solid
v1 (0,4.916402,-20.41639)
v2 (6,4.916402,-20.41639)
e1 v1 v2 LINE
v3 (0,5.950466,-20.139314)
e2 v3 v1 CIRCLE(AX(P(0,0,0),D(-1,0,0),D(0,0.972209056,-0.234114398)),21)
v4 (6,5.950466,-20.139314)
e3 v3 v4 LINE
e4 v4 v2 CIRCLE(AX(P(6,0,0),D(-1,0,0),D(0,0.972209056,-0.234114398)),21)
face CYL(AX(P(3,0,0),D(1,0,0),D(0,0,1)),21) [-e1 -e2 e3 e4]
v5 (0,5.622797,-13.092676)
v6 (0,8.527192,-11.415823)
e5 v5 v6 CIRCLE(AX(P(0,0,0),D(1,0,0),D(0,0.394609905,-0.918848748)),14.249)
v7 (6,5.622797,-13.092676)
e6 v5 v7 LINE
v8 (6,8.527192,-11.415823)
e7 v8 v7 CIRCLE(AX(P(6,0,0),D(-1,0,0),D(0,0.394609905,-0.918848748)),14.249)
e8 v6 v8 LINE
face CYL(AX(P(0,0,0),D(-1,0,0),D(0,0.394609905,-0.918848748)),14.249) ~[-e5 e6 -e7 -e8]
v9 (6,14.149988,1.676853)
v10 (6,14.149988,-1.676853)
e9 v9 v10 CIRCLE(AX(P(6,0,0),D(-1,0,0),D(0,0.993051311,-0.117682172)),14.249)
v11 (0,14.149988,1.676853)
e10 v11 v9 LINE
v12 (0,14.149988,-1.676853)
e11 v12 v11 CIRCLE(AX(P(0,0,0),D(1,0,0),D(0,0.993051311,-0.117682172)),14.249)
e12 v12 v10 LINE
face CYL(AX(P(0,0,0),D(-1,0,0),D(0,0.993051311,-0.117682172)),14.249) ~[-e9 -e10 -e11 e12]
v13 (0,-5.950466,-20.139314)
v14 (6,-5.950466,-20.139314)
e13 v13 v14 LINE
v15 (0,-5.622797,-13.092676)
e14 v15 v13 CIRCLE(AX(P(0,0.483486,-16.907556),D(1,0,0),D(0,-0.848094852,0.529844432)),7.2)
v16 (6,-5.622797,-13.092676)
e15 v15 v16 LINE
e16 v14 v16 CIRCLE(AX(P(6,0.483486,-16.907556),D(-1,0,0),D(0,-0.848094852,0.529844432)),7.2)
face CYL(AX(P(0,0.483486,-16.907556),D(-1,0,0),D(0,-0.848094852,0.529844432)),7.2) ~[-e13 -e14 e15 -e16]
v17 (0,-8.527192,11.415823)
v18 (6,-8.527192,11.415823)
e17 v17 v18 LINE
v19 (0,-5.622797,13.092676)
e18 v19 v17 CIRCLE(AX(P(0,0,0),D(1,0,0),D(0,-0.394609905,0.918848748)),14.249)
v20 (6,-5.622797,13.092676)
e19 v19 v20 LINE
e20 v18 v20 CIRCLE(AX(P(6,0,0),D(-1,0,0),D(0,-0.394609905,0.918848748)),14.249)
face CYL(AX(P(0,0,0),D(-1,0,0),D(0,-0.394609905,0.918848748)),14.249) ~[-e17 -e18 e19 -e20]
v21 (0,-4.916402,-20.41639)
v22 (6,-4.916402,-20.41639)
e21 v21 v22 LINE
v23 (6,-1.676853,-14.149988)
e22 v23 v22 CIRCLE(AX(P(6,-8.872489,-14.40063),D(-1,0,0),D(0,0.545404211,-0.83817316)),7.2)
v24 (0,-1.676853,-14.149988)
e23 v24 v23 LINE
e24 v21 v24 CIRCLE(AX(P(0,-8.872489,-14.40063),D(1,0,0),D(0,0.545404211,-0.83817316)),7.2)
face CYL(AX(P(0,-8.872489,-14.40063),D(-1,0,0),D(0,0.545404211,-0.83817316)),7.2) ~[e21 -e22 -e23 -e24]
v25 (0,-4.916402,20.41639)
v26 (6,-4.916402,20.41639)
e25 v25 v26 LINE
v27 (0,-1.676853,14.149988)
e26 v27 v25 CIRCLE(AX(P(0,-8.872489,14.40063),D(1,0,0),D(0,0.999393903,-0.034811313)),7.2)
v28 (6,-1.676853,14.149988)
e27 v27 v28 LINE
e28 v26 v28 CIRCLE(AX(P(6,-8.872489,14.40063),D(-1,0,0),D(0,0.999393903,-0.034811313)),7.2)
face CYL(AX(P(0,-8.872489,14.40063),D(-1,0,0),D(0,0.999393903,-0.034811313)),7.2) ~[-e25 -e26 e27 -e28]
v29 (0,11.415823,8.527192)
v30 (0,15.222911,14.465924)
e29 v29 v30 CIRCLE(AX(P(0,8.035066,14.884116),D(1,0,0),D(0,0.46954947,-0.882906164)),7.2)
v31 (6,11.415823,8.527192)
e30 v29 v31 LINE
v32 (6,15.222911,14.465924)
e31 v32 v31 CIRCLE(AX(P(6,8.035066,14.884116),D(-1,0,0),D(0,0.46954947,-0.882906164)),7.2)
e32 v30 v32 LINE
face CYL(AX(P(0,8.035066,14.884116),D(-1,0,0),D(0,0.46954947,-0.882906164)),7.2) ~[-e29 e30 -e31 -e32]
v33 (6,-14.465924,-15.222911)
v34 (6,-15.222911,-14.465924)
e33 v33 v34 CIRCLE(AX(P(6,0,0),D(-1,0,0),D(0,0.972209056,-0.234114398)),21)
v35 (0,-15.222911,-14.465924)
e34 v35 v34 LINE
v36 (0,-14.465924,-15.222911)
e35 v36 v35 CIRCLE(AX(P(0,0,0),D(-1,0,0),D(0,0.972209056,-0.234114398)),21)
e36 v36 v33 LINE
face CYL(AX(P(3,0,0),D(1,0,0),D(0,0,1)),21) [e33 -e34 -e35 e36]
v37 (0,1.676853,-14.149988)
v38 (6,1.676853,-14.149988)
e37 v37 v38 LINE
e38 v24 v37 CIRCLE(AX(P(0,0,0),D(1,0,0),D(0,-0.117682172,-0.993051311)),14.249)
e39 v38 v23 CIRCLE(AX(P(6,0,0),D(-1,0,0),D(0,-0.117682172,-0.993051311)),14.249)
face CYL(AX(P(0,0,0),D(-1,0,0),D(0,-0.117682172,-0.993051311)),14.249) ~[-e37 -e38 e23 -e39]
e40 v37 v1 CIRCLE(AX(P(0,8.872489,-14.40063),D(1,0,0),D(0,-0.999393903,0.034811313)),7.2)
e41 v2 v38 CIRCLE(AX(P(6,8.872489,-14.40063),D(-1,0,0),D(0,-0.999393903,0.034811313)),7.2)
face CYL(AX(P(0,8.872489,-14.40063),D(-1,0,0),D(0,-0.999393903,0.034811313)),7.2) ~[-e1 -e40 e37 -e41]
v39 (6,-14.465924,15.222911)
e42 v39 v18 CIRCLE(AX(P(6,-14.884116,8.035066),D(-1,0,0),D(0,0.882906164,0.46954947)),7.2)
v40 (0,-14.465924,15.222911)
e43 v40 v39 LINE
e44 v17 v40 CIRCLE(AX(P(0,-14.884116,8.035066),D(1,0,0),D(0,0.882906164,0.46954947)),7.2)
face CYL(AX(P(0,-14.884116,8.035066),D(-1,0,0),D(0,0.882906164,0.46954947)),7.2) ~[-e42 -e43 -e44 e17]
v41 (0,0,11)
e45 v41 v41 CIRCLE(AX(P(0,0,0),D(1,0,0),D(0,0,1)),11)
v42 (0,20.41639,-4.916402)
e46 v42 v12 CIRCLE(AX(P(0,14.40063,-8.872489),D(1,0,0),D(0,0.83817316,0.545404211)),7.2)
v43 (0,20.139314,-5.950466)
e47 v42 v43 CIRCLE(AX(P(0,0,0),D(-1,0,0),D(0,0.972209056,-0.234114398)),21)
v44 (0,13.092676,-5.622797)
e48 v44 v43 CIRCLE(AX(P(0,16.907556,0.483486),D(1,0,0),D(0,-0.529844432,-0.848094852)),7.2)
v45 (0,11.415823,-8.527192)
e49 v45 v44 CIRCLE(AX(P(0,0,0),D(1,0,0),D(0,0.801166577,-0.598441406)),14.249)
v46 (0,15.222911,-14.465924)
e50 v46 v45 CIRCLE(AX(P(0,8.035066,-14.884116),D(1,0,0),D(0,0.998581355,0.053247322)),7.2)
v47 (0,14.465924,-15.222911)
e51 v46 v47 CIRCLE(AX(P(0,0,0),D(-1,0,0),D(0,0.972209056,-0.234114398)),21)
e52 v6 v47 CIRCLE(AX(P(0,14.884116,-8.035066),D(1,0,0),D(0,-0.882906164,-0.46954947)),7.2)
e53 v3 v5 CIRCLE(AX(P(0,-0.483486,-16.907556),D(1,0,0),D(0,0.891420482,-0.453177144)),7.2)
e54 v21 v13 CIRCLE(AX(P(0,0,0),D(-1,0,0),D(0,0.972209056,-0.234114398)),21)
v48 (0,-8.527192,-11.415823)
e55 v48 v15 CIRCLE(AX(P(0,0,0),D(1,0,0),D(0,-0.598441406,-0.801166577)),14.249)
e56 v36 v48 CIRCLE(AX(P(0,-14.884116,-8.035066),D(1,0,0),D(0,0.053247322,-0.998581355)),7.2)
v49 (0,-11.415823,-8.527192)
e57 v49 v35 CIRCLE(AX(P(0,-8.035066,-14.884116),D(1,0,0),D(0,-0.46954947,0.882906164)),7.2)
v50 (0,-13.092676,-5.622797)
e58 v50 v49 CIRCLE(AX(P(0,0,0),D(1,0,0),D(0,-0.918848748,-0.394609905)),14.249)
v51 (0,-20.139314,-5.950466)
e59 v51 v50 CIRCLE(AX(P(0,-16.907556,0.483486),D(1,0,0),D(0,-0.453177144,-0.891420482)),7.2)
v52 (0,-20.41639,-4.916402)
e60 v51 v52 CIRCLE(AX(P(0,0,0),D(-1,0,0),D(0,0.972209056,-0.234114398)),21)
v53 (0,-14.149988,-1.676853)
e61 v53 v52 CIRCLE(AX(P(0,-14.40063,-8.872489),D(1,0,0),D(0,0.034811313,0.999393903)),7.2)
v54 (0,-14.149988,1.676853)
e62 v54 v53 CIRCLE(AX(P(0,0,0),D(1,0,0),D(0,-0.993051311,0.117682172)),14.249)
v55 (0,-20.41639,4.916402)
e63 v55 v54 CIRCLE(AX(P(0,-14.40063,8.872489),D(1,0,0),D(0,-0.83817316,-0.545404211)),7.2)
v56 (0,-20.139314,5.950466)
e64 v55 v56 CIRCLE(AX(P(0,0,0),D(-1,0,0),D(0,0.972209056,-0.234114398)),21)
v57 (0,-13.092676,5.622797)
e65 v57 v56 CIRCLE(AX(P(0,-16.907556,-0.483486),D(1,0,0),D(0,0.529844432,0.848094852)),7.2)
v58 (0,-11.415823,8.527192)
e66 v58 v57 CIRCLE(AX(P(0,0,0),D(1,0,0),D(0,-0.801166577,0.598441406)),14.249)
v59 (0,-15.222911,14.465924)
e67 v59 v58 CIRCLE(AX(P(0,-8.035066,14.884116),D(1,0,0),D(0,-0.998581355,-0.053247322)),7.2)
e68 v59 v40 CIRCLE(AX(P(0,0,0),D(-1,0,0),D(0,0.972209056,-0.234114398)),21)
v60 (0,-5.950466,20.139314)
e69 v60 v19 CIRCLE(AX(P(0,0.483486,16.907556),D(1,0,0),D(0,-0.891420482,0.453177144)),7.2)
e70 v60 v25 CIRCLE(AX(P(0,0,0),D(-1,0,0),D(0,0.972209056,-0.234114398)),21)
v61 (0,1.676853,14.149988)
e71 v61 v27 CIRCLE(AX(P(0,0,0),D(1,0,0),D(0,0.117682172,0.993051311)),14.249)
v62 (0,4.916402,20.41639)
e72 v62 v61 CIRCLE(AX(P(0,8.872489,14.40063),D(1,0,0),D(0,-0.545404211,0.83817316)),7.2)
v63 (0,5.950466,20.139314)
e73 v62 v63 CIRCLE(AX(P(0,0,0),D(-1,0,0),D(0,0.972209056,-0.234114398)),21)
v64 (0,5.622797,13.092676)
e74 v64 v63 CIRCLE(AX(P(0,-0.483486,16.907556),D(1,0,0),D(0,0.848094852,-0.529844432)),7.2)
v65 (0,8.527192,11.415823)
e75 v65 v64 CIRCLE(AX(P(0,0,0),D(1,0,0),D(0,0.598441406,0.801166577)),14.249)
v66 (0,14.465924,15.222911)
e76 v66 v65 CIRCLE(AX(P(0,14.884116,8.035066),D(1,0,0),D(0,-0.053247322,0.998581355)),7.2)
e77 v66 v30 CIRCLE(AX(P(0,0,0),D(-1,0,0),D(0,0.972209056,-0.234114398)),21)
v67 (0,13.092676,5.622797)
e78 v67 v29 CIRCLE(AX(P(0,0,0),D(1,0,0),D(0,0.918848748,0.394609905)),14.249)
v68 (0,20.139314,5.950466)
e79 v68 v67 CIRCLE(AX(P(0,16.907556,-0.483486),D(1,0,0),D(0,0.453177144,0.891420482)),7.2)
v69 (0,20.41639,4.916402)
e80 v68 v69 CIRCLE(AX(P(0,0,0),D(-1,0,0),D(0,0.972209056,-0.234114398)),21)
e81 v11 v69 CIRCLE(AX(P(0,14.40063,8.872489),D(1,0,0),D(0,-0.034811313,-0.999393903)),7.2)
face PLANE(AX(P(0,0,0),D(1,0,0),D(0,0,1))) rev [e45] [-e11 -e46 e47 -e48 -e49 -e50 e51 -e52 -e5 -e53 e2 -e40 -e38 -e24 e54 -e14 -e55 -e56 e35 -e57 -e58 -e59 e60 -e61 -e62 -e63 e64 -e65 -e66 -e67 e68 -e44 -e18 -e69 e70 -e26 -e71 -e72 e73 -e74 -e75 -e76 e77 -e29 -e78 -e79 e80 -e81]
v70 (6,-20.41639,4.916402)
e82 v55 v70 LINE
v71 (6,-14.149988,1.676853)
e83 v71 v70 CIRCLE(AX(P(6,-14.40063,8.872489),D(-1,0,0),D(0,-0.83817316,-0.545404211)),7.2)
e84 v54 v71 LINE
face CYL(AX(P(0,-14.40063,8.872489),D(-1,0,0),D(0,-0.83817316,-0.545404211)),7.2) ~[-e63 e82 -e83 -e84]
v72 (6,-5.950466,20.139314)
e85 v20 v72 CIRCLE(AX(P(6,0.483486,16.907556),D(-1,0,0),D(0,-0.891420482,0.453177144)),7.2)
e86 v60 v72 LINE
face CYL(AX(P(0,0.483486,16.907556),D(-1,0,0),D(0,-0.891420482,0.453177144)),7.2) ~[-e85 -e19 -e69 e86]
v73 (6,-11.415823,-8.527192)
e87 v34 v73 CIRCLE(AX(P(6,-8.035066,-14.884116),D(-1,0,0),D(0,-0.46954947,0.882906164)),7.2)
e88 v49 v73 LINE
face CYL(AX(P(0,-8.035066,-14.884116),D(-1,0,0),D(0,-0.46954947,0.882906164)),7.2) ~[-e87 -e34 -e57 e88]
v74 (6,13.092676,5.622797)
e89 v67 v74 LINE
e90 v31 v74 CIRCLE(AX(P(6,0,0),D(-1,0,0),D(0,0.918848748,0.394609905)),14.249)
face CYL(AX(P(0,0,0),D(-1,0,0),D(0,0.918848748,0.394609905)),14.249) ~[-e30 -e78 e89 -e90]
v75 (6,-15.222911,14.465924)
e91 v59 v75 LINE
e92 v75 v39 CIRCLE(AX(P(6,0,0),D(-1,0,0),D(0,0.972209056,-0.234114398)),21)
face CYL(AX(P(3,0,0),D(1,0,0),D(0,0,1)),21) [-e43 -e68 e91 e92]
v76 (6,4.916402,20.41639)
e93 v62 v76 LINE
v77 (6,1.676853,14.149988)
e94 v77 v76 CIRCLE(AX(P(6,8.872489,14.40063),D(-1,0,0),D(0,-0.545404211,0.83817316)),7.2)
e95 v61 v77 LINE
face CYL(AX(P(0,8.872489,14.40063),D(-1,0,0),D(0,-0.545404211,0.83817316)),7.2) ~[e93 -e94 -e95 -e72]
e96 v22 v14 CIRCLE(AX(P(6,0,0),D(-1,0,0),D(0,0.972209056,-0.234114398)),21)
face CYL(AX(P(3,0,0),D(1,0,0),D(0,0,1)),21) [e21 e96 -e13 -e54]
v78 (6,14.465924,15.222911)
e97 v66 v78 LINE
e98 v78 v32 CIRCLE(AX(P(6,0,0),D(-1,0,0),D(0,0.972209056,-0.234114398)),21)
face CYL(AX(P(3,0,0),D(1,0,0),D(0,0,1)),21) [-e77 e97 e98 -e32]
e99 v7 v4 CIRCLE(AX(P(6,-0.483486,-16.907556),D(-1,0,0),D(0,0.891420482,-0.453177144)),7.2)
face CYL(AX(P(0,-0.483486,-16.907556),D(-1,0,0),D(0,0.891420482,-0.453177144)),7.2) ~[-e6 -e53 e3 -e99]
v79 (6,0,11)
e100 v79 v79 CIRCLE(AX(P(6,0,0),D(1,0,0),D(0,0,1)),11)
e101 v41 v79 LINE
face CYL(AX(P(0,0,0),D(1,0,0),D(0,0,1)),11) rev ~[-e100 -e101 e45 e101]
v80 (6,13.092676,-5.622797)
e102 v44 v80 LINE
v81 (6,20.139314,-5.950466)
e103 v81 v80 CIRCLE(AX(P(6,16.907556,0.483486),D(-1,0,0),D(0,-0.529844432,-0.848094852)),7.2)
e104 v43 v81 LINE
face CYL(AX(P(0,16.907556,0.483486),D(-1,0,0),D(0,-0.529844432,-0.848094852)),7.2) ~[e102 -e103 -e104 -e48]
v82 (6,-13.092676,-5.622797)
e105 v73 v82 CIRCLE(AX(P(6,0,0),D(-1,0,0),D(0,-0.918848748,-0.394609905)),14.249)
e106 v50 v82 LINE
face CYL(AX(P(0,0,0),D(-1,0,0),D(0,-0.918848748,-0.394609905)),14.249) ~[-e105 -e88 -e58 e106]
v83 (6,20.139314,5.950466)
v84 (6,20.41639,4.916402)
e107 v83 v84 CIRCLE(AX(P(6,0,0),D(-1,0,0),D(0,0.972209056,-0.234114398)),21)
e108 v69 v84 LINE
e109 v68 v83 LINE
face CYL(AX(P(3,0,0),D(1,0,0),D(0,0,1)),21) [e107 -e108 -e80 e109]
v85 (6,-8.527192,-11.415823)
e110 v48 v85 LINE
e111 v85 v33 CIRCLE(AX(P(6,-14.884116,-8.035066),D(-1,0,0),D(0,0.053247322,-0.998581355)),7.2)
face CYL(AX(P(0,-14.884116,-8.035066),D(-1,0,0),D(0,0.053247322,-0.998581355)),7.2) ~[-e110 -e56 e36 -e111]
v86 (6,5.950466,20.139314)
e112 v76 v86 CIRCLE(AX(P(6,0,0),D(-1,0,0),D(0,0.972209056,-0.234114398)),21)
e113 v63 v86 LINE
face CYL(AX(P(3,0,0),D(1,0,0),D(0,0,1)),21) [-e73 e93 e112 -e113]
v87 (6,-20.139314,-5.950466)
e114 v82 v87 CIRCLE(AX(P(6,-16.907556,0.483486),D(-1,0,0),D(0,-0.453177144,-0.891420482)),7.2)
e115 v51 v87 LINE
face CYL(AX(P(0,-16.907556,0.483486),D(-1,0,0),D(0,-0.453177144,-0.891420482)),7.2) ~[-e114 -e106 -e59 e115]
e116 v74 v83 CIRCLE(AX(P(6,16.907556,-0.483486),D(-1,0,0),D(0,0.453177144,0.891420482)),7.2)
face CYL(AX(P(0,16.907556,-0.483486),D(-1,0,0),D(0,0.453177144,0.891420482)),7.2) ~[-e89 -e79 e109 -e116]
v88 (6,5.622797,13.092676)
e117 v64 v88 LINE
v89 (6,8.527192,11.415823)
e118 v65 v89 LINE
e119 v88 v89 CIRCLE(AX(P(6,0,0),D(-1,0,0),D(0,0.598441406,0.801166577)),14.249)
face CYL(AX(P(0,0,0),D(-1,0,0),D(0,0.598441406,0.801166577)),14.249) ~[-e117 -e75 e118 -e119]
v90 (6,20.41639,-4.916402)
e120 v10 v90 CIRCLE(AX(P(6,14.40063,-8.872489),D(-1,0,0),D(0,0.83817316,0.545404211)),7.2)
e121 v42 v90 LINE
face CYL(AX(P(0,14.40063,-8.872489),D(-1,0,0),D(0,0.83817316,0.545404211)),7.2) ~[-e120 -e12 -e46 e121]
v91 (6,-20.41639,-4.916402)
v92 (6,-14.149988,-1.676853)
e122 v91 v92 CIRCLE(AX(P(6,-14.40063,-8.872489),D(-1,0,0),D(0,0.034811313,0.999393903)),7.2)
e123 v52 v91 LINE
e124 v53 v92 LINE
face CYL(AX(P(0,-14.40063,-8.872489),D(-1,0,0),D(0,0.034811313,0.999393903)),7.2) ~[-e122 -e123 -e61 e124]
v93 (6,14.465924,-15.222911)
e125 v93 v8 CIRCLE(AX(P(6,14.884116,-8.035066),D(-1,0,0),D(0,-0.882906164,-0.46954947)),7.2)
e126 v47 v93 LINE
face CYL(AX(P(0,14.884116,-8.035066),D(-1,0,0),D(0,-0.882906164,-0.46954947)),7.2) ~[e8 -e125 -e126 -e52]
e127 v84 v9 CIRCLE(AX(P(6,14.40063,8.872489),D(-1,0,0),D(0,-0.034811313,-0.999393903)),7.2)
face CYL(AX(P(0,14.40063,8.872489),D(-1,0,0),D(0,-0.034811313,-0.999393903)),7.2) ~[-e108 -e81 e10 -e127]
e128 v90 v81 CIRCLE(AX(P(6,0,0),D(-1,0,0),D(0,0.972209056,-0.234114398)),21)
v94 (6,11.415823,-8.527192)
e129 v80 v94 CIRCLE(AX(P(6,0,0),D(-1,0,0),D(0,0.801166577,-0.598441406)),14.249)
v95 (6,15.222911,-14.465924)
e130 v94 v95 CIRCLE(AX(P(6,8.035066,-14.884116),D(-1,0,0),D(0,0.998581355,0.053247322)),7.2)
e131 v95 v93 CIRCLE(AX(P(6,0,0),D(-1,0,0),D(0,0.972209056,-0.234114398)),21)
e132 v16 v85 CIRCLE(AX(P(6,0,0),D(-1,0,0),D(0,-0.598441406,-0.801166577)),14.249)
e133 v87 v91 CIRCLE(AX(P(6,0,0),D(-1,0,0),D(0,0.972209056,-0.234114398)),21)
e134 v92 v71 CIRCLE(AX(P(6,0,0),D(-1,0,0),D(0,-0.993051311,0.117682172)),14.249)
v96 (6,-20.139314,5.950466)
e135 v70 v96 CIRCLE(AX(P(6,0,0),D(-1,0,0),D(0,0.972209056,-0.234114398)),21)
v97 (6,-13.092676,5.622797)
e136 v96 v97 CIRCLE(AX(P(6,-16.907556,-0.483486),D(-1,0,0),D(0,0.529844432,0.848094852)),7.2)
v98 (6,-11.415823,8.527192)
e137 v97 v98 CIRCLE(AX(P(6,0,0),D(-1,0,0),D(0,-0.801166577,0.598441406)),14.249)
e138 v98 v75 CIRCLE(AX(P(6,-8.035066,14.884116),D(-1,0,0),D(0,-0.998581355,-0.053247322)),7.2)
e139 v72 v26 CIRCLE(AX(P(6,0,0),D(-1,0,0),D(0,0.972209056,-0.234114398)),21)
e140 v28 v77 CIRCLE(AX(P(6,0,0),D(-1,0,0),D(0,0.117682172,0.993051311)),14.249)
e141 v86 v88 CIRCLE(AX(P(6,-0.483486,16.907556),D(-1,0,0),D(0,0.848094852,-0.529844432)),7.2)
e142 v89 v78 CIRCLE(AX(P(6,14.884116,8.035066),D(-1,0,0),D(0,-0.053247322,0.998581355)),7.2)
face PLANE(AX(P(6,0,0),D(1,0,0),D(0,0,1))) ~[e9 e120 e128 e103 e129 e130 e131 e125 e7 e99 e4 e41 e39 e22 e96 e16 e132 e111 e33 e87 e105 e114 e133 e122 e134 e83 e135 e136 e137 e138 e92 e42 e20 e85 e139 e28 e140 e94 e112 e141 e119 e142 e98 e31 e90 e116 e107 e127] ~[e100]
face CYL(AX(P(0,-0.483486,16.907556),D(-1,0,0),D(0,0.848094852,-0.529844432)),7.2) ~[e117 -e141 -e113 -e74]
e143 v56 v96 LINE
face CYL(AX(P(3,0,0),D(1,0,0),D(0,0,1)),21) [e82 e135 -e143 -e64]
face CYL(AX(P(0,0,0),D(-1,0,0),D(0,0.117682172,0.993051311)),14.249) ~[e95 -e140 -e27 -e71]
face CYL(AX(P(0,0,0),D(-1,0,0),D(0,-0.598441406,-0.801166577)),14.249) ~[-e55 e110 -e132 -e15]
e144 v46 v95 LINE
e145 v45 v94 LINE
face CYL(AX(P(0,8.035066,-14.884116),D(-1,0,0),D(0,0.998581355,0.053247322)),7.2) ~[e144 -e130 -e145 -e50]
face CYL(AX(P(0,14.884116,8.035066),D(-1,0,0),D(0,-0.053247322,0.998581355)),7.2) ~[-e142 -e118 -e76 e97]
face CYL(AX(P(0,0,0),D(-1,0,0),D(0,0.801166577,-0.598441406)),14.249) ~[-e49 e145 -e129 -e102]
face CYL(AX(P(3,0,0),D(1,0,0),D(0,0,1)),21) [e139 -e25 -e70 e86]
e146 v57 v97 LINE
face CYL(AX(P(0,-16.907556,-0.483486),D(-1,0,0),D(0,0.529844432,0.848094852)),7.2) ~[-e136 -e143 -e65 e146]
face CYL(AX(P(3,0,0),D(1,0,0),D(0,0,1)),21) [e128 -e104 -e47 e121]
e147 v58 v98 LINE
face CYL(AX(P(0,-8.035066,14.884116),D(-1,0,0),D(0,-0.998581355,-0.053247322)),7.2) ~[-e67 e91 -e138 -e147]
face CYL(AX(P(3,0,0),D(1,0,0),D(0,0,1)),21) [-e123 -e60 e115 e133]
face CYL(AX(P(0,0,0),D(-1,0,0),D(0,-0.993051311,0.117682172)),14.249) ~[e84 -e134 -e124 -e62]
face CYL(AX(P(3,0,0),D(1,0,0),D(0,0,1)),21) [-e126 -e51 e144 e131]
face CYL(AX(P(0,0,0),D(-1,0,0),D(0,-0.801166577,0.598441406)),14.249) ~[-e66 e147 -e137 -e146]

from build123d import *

# Parameters (mm, degrees)
BASPROSKE_W     = 6
BASPROSKE_H     = 21
TOOTHCUT_DEPTH  = 31.298514815
TEETHCUTS_COUNT = 12
TEETHCUTS_ANGLE = 330
BORSKE_R        = 11
BORE_DEPTH      = 50.0000508


with BuildPart() as part:
    # BasProSke → Base-Revolve (revolve)
    with BuildSketch(Plane(origin=(0, 0, 0), x_dir=(1, 0, 0), z_dir=(0, 1, 0)), mode=Mode.PRIVATE) as base_revolve_sk:
        with Locations((3, 10.5)):
            Rectangle(BASPROSKE_W, BASPROSKE_H)
    revolve(base_revolve_sk.sketch.rotate(Axis((-10, 0, 0), (1, 0, 0)), 180), axis=Axis((-10, 0, 0), (1, 0, 0)))

    # TooCutSke → ToothCut (cut, through all)
    with BuildSketch(Plane(origin=(0, 0, 0), x_dir=(0, 0, -1), z_dir=(1, 0, 0))):
        with BuildLine():
            ThreePointArc((1.676853263, 14.149988132), (0, 14.249), (-1.676853263, 14.149988132))
            ThreePointArc((-1.676853263, 14.149988132), (-2.484641508, 17.722586807), (-4.945579042, 20.435476337))
            ThreePointArc((-4.945579042, 20.435476337), (0, 21.0254), (4.945579042, 20.435476337))
            ThreePointArc((4.945579042, 20.435476337), (2.484641508, 17.722586807), (1.676853263, 14.149988132))
        make_face()
    toothcut = extrude(amount=TOOTHCUT_DEPTH, mode=Mode.SUBTRACT)

    # TeethCuts: ToothCut ×12 about axis
    teethcuts_axis = Axis((-10, 0, 0), (1, 0, 0))
    for i in range(1, TEETHCUTS_COUNT):
        add(toothcut.rotate(teethcuts_axis, i * TEETHCUTS_ANGLE / (TEETHCUTS_COUNT - 1)), mode=Mode.SUBTRACT)

    # BorSke → Bore (cut, symmetric)
    with BuildSketch(Plane(origin=(0, 0, 0), x_dir=(0, 0, -1), z_dir=(1, 0, 0))):
        with Locations(Location((0, 0, 0), (0, 0, 180))):
            Circle(BORSKE_R)
    extrude(amount=BORE_DEPTH, both=True, mode=Mode.SUBTRACT)


solid = part.part
